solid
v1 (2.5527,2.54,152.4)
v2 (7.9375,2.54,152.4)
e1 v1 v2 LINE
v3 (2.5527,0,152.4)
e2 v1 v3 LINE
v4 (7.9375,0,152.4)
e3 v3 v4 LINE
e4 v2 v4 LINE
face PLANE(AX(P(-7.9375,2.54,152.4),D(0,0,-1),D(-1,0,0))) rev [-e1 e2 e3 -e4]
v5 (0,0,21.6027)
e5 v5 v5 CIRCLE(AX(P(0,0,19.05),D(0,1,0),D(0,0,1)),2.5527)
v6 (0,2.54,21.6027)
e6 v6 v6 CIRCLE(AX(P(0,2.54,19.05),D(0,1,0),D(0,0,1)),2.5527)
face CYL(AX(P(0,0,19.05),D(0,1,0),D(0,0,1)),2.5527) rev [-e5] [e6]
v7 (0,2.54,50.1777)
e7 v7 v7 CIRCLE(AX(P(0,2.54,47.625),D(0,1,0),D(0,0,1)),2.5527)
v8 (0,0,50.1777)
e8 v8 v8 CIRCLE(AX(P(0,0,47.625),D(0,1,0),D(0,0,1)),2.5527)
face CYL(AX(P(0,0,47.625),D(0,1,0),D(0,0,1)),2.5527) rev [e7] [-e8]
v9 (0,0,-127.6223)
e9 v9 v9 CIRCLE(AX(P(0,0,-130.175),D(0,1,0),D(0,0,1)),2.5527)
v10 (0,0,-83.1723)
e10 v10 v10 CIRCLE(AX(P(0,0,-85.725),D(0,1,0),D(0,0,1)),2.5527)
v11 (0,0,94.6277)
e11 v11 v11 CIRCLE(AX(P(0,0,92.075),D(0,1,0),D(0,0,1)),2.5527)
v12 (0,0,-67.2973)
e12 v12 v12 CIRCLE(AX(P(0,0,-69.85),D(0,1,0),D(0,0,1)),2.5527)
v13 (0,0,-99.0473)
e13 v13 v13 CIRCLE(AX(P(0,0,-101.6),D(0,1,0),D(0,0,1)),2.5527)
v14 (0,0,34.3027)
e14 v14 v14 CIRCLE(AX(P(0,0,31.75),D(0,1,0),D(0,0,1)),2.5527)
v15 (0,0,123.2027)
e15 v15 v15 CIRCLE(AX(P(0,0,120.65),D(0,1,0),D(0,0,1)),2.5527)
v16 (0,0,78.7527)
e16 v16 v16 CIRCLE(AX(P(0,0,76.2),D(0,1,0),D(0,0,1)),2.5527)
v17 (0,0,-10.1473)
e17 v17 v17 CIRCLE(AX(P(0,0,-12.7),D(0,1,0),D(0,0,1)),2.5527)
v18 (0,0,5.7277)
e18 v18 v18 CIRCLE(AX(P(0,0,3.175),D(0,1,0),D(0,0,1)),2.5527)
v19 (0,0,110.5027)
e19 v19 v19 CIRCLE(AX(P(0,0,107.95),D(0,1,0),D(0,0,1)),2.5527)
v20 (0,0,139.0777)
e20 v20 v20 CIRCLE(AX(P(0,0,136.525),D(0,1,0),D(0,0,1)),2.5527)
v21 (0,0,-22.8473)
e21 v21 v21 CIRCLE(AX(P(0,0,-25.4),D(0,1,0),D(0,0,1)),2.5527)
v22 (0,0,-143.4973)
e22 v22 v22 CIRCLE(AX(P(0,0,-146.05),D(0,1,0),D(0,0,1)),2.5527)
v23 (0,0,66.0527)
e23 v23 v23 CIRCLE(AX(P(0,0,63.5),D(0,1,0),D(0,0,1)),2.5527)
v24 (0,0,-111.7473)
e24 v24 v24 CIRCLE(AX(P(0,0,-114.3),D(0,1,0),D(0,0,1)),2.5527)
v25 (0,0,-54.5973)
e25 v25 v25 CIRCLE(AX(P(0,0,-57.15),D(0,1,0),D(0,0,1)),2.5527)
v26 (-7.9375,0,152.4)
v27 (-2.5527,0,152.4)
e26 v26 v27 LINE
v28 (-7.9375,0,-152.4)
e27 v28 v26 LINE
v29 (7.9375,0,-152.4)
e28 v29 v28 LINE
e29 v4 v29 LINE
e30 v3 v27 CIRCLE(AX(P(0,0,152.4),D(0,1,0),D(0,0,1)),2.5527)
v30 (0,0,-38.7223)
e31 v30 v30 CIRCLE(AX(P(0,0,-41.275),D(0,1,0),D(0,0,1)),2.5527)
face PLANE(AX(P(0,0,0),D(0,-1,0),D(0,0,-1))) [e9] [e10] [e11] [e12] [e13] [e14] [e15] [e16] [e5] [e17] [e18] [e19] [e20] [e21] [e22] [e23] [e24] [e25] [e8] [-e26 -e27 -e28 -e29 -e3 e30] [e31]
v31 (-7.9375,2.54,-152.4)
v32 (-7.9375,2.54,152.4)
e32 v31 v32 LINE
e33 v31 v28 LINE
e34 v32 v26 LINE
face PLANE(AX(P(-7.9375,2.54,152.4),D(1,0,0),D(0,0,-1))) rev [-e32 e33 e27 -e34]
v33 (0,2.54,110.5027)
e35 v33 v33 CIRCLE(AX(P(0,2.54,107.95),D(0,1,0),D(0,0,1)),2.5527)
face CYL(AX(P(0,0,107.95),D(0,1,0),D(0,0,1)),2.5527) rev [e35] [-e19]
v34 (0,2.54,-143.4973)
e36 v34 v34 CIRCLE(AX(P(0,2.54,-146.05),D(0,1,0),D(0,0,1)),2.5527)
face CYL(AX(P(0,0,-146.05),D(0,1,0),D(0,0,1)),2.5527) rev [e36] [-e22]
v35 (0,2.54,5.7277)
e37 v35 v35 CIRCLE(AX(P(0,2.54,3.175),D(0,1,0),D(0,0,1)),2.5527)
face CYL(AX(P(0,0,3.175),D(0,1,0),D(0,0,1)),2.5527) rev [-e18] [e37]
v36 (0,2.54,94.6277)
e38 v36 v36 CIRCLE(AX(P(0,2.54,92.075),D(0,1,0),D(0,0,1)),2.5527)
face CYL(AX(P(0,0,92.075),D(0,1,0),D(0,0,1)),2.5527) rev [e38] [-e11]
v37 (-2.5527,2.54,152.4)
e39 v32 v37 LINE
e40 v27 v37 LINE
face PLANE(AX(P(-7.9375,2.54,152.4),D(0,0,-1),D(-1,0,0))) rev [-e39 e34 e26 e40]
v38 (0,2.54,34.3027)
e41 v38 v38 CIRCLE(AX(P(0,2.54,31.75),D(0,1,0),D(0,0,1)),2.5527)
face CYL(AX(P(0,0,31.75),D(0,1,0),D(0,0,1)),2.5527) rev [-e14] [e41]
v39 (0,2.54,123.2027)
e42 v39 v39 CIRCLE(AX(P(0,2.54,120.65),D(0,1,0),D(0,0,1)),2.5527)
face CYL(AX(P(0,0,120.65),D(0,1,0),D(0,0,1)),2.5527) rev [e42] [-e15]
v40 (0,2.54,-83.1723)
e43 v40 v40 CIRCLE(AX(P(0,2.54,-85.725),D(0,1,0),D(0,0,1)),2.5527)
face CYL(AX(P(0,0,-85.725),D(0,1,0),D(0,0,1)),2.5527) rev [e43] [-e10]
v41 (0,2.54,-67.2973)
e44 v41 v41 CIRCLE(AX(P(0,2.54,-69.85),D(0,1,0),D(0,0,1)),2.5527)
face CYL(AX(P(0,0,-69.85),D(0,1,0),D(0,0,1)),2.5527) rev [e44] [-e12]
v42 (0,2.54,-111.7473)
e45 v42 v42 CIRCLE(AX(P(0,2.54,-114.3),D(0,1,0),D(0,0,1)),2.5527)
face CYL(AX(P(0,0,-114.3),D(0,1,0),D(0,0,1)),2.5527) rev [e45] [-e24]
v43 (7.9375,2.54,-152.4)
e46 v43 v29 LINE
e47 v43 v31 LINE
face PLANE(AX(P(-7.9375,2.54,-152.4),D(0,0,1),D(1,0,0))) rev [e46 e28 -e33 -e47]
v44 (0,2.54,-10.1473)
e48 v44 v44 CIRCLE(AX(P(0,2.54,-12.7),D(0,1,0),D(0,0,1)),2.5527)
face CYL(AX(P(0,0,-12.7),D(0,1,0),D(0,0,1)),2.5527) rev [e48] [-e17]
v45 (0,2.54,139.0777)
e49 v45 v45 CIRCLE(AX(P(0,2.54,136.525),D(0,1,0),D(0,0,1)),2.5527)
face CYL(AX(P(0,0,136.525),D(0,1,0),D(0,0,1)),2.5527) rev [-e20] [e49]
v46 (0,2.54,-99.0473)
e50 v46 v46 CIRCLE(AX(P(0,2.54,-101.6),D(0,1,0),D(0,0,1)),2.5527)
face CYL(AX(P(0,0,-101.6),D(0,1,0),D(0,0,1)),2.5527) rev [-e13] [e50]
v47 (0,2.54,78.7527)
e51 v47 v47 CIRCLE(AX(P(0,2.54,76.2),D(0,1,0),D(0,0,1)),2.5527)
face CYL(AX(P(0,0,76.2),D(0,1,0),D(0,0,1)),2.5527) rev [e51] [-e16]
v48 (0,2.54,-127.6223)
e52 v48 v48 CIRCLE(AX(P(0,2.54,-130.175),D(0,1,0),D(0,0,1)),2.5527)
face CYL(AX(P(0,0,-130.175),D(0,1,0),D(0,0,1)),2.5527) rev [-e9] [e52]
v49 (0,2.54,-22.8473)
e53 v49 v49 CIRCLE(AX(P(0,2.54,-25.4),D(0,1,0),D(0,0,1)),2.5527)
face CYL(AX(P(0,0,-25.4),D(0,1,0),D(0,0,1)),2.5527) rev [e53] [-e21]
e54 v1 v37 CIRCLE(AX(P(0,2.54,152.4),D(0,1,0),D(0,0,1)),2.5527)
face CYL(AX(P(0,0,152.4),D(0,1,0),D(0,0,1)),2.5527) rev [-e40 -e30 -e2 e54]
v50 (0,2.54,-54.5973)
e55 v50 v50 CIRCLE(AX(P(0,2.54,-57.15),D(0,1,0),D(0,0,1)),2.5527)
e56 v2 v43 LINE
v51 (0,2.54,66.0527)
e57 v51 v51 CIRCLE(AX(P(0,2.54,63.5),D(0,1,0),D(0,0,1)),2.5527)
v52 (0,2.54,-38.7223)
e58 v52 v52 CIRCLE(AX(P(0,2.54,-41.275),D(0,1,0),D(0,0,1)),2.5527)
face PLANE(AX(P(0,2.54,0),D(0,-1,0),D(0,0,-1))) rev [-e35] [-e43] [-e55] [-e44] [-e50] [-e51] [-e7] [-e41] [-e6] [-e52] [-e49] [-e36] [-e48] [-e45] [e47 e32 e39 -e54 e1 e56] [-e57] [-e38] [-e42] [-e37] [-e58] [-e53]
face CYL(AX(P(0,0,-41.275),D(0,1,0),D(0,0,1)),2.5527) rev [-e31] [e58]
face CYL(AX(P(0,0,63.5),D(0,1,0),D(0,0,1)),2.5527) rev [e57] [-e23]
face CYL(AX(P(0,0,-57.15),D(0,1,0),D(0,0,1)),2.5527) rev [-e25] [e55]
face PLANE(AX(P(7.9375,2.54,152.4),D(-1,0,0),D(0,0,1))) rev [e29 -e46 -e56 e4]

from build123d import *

# Parameters (mm, degrees)
SKETCH1_W                  = 15.875
SKETCH1_H                  = 304.8
BOSS_EXTRUDE1_DEPTH        = 2.54
SKETCH2_R                  = 2.5527
CUT_EXTRUDE1_DEPTH         = 2.54
LPATTERN1_COUNT            = 3
LPATTERN1_PITCH            = 15.875
LPATTERN2_COUNT            = 7
LPATTERN2_PITCH            = 44.45
LPATTERN2_COPY_1_SKETCH_R  = 2.5527
LPATTERN2_COPY_1_DEPTH     = 2.54
LPATTERN2_COPY_2_SKETCH_R  = 2.5527
LPATTERN2_COPY_2_DEPTH     = 2.54
LPATTERN2_COPY_3_SKETCH_R  = 2.5527
LPATTERN2_COPY_3_DEPTH     = 2.54
LPATTERN2_COPY_4_SKETCH_R  = 2.5527
LPATTERN2_COPY_4_DEPTH     = 2.54
LPATTERN2_COPY_5_SKETCH_R  = 2.5527
LPATTERN2_COPY_5_DEPTH     = 2.54
LPATTERN2_COPY_6_SKETCH_R  = 2.5527
LPATTERN2_COPY_6_DEPTH     = 2.54
LPATTERN2_COPY_7_SKETCH_R  = 2.5527
LPATTERN2_COPY_7_DEPTH     = 2.54
LPATTERN2_COPY_8_SKETCH_R  = 2.5527
LPATTERN2_COPY_8_DEPTH     = 2.54
LPATTERN2_COPY_9_SKETCH_R  = 2.5527
LPATTERN2_COPY_9_DEPTH     = 2.54
LPATTERN2_COPY_10_SKETCH_R = 2.5527
LPATTERN2_COPY_10_DEPTH    = 2.54
LPATTERN2_COPY_11_SKETCH_R = 2.5527
LPATTERN2_COPY_11_DEPTH    = 2.54
LPATTERN2_COPY_12_SKETCH_R = 2.5527
LPATTERN2_COPY_12_DEPTH    = 2.54


with BuildPart() as part:
    # Sketch1 → Boss-Extrude1 (new body)
    with BuildSketch(Plane(origin=(0, 0, 0), x_dir=(1, 0, 0), z_dir=(0, 1, 0))):
        Rectangle(SKETCH1_W, SKETCH1_H)
    extrude(amount=BOSS_EXTRUDE1_DEPTH)

    # Sketch2 → Cut-Extrude1 (cut)
    with BuildSketch(Plane(origin=(0, 2.54, 0), x_dir=(1, 0, 0), z_dir=(0, 1, 0))):
        with Locations(Location((0, 146.05, 0), (0, 0, 270))):
            Circle(SKETCH2_R)
    cut_extrude1 = extrude(amount=-CUT_EXTRUDE1_DEPTH, mode=Mode.SUBTRACT)

    # LPattern1: Cut-Extrude1 ×3
    with Locations(*[(0, 0, i * LPATTERN1_PITCH) for i in range(1, LPATTERN1_COUNT)]):
        add(cut_extrude1, mode=Mode.SUBTRACT)

    # LPattern2: Cut-Extrude1 ×7
    with Locations(*[(0, 0, i * LPATTERN2_PITCH) for i in range(1, LPATTERN2_COUNT)]):
        add(cut_extrude1, mode=Mode.SUBTRACT)

    # LPattern2 copy 1 sketch → LPattern2 copy 1 (cut)
    with BuildSketch(Plane(origin=(0, 2.54, 60.325), x_dir=(1, 0, 0), z_dir=(0, 1, 0))):
        with Locations(Location((0, 146.05, 0), (0, 0, 270))):
            Circle(LPATTERN2_COPY_1_SKETCH_R)
    extrude(amount=-LPATTERN2_COPY_1_DEPTH, mode=Mode.SUBTRACT)

    # LPattern2 copy 2 sketch → LPattern2 copy 2 (cut)
    with BuildSketch(Plane(origin=(0, 2.54, 104.775), x_dir=(1, 0, 0), z_dir=(0, 1, 0))):
        with Locations(Location((0, 146.05, 0), (0, 0, 270))):
            Circle(LPATTERN2_COPY_2_SKETCH_R)
    extrude(amount=-LPATTERN2_COPY_2_DEPTH, mode=Mode.SUBTRACT)

    # LPattern2 copy 3 sketch → LPattern2 copy 3 (cut)
    with BuildSketch(Plane(origin=(0, 2.54, 149.225), x_dir=(1, 0, 0), z_dir=(0, 1, 0))):
        with Locations(Location((0, 146.05, 0), (0, 0, 270))):
            Circle(LPATTERN2_COPY_3_SKETCH_R)
    extrude(amount=-LPATTERN2_COPY_3_DEPTH, mode=Mode.SUBTRACT)

    # LPattern2 copy 4 sketch → LPattern2 copy 4 (cut)
    with BuildSketch(Plane(origin=(0, 2.54, 193.675), x_dir=(1, 0, 0), z_dir=(0, 1, 0))):
        with Locations(Location((0, 146.05, 0), (0, 0, 270))):
            Circle(LPATTERN2_COPY_4_SKETCH_R)
    extrude(amount=-LPATTERN2_COPY_4_DEPTH, mode=Mode.SUBTRACT)

    # LPattern2 copy 5 sketch → LPattern2 copy 5 (cut)
    with BuildSketch(Plane(origin=(0, 2.54, 238.125), x_dir=(1, 0, 0), z_dir=(0, 1, 0))):
        with Locations(Location((0, 146.05, 0), (0, 0, 270))):
            Circle(LPATTERN2_COPY_5_SKETCH_R)
    extrude(amount=-LPATTERN2_COPY_5_DEPTH, mode=Mode.SUBTRACT)

    # LPattern2 copy 6 sketch → LPattern2 copy 6 (cut)
    with BuildSketch(Plane(origin=(0, 2.54, 282.575), x_dir=(1, 0, 0), z_dir=(0, 1, 0))):
        with Locations(Location((0, 146.05, 0), (0, 0, 270))):
            Circle(LPATTERN2_COPY_6_SKETCH_R)
    extrude(amount=-LPATTERN2_COPY_6_DEPTH, mode=Mode.SUBTRACT)

    # LPattern2 copy 7 sketch → LPattern2 copy 7 (cut)
    with BuildSketch(Plane(origin=(0, 2.54, 76.2), x_dir=(1, 0, 0), z_dir=(0, 1, 0))):
        with Locations(Location((0, 146.05, 0), (0, 0, 270))):
            Circle(LPATTERN2_COPY_7_SKETCH_R)
    extrude(amount=-LPATTERN2_COPY_7_DEPTH, mode=Mode.SUBTRACT)

    # LPattern2 copy 8 sketch → LPattern2 copy 8 (cut)
    with BuildSketch(Plane(origin=(0, 2.54, 120.65), x_dir=(1, 0, 0), z_dir=(0, 1, 0))):
        with Locations(Location((0, 146.05, 0), (0, 0, 270))):
            Circle(LPATTERN2_COPY_8_SKETCH_R)
    extrude(amount=-LPATTERN2_COPY_8_DEPTH, mode=Mode.SUBTRACT)

    # LPattern2 copy 9 sketch → LPattern2 copy 9 (cut)
    with BuildSketch(Plane(origin=(0, 2.54, 165.1), x_dir=(1, 0, 0), z_dir=(0, 1, 0))):
        with Locations(Location((0, 146.05, 0), (0, 0, 270))):
            Circle(LPATTERN2_COPY_9_SKETCH_R)
    extrude(amount=-LPATTERN2_COPY_9_DEPTH, mode=Mode.SUBTRACT)

    # LPattern2 copy 10 sketch → LPattern2 copy 10 (cut)
    with BuildSketch(Plane(origin=(0, 2.54, 209.55), x_dir=(1, 0, 0), z_dir=(0, 1, 0))):
        with Locations(Location((0, 146.05, 0), (0, 0, 270))):
            Circle(LPATTERN2_COPY_10_SKETCH_R)
    extrude(amount=-LPATTERN2_COPY_10_DEPTH, mode=Mode.SUBTRACT)

    # LPattern2 copy 11 sketch → LPattern2 copy 11 (cut)
    with BuildSketch(Plane(origin=(0, 2.54, 254), x_dir=(1, 0, 0), z_dir=(0, 1, 0))):
        with Locations(Location((0, 146.05, 0), (0, 0, 270))):
            Circle(LPATTERN2_COPY_11_SKETCH_R)
    extrude(amount=-LPATTERN2_COPY_11_DEPTH, mode=Mode.SUBTRACT)

    # LPattern2 copy 12 sketch → LPattern2 copy 12 (cut)
    with BuildSketch(Plane(origin=(0, 2.54, 298.45), x_dir=(1, 0, 0), z_dir=(0, 1, 0))):
        with Locations(Location((0, 146.05, 0), (0, 0, 270))):
            Circle(LPATTERN2_COPY_12_SKETCH_R)
    extrude(amount=-LPATTERN2_COPY_12_DEPTH, mode=Mode.SUBTRACT)


solid = part.part
